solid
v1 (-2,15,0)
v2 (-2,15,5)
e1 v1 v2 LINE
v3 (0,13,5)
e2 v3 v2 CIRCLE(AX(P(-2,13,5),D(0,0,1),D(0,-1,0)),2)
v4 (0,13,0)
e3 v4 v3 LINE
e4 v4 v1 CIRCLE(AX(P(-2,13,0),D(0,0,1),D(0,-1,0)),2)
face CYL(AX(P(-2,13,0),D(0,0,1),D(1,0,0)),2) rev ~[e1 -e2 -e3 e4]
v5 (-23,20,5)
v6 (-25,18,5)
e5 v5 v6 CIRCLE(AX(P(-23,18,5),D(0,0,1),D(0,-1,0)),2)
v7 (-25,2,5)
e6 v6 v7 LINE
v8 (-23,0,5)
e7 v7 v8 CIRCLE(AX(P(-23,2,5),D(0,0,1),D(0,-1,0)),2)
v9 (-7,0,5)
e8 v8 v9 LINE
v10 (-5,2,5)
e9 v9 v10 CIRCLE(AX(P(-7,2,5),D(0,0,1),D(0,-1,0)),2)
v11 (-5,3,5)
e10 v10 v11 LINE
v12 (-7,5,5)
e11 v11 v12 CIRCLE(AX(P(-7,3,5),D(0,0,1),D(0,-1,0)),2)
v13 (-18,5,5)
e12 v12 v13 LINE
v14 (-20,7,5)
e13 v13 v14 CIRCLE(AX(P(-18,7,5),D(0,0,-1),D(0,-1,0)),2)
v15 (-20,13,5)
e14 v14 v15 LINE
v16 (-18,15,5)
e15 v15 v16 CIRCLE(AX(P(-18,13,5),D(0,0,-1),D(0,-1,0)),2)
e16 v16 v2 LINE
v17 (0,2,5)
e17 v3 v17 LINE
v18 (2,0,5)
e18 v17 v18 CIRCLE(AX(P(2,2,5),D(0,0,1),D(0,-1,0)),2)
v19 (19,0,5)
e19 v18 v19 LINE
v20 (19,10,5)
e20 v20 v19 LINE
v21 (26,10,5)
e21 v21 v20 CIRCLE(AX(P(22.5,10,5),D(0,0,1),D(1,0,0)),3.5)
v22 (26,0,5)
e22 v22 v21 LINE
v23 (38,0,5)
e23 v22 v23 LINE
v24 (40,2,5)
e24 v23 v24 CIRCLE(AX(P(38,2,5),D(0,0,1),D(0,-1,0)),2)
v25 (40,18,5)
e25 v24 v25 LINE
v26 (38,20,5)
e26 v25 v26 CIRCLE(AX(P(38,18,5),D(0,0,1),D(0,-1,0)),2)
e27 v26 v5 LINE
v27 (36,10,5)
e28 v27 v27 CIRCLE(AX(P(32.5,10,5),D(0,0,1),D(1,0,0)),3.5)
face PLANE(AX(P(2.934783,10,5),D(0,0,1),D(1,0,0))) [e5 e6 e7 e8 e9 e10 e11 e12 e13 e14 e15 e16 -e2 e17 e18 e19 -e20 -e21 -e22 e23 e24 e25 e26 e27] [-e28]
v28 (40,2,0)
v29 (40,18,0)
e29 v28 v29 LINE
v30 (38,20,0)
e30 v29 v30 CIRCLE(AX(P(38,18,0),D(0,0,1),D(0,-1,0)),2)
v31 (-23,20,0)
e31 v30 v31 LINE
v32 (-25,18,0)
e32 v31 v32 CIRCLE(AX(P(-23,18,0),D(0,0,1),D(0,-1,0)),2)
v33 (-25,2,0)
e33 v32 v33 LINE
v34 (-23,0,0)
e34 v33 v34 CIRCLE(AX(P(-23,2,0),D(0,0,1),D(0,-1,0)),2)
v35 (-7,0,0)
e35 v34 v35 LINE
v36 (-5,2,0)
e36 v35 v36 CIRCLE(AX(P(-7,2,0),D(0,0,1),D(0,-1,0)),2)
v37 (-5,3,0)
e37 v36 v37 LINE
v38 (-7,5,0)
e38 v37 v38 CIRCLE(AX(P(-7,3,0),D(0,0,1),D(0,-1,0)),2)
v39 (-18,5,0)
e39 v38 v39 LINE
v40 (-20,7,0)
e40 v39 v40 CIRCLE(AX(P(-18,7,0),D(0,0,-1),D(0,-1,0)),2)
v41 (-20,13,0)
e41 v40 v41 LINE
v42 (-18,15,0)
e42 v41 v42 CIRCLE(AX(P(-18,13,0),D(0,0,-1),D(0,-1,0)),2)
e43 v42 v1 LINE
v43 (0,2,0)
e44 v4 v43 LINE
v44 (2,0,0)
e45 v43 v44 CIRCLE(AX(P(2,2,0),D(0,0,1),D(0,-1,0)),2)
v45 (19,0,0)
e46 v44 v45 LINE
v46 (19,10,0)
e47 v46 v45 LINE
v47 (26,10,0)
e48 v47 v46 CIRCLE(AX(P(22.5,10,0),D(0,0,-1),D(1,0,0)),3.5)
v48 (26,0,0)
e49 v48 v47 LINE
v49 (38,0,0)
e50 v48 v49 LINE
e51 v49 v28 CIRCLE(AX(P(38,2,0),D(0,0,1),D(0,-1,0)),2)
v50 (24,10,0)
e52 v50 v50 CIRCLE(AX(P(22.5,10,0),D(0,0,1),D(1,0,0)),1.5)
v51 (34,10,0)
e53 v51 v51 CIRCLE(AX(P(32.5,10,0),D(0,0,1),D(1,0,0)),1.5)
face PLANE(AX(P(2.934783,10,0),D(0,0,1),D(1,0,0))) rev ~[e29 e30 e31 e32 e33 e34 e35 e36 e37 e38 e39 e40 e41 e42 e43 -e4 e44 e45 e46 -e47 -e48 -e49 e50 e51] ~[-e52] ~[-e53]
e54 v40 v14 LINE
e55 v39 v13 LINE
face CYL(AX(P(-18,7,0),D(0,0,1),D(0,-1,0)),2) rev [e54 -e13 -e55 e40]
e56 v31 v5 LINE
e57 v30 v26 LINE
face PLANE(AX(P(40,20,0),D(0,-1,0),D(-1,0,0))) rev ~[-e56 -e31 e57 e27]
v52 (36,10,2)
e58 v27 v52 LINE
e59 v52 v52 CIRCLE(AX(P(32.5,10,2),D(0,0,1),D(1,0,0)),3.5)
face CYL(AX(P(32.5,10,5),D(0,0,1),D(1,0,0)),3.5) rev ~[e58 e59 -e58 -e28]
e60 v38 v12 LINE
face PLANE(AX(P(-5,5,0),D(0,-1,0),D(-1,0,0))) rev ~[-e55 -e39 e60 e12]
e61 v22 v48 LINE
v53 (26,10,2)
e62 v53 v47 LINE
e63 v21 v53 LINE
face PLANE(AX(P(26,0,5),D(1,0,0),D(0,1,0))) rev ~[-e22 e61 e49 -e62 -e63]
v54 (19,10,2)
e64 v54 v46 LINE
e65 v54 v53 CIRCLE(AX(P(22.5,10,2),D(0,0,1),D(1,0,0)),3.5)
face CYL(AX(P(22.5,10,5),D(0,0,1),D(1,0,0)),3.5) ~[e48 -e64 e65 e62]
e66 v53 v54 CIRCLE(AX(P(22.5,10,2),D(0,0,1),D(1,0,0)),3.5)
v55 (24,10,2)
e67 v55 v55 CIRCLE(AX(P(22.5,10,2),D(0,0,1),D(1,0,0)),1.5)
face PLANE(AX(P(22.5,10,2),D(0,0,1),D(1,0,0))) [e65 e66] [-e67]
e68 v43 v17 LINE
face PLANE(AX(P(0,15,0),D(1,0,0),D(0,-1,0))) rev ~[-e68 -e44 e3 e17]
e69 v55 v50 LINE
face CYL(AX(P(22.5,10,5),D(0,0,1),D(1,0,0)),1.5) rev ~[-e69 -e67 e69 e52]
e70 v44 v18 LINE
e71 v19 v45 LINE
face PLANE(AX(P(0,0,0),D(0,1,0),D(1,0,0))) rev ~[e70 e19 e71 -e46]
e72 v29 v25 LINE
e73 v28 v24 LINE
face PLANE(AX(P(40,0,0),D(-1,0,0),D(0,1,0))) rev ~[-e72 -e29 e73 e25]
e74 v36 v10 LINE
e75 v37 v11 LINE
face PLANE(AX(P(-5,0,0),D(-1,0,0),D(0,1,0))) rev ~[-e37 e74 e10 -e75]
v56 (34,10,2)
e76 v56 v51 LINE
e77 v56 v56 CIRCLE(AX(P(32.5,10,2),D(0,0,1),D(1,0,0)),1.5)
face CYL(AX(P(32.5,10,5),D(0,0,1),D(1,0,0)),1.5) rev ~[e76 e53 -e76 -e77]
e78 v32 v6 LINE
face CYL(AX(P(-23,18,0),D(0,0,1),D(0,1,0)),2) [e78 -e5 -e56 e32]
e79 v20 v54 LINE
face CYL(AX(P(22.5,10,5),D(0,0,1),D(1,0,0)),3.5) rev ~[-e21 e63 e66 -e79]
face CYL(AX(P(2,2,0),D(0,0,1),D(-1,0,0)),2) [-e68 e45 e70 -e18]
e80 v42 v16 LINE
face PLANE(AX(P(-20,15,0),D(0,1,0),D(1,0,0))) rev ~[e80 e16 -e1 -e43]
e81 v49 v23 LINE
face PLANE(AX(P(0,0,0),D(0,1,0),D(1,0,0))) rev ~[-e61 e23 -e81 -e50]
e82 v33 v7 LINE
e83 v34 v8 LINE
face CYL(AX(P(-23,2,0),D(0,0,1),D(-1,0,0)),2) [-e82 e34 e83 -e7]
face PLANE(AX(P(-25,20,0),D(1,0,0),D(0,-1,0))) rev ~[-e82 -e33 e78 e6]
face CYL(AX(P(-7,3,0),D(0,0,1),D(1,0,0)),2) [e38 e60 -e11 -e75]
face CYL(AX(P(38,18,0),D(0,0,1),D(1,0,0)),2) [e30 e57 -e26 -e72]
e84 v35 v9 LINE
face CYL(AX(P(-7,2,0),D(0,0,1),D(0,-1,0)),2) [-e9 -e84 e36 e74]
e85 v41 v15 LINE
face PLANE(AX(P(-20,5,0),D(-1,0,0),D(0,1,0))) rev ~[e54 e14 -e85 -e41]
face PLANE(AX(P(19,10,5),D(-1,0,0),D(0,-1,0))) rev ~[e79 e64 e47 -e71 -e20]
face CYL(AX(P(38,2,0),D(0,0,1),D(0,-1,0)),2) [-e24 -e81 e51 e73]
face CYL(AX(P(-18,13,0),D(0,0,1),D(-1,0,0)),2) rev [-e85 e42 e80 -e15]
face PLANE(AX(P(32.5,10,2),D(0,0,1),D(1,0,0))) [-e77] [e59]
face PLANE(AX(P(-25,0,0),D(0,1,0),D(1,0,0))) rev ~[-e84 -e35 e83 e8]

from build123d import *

# Parameters (mm, degrees)
F1_DEPTH = 5
F2_R     = 2
F3_R     = 1.5
F4_DEPTH = 5.001
F3_R_2   = 3.5
F5_DEPTH = 3
F7_DEPTH = 5


with BuildPart() as f1:
    # F0 (on Top) → F1 (new body)
    with BuildSketch(Plane.XY):
        Polygon((0, 15), (0, 0), (40, 0), (40, 20), (0, 20), (-25, 20), (-25, 0), (-5, 0), (-5, 5), (-20, 5), (-20, 15), align=None)
    extrude(amount=F1_DEPTH)

    # F2
    f2_edges = [f1.edges().sort_by_distance(p)[0] for p in [
        (-25, 0, 2.5),
        (-25, 20, 2.5),
        (40, 0, 2.5),
        (40, 20, 2.5),
        (0, 0, 2.5),
        (0, 15, 2.5),
        (-5, 0, 2.5),
        (-20, 5, 2.5),
        (-5, 5, 2.5),
        (-20, 15, 2.5),
    ]]
    fillet(f2_edges, radius=F2_R)

    # F3 (on face) → F4 (cut, through all)
    with BuildSketch(Plane.XY.offset(5)):
        with Locations((32.5, 10)):
            Circle(F3_R)
        with Locations((22.5, 10)):
            Circle(F3_R)
    extrude(amount=-F4_DEPTH, mode=Mode.SUBTRACT)

    # F3 (on face) → F5 (cut)
    with BuildSketch(Plane.XY.offset(5)):
        with Locations((22.5, 10)):
            Circle(F3_R_2)
        with Locations((22.5, 10)):
            Circle(F3_R, mode=Mode.SUBTRACT)
        with Locations((32.5, 10)):
            Circle(F3_R_2)
        with Locations((32.5, 10)):
            Circle(F3_R, mode=Mode.SUBTRACT)
    extrude(amount=-F5_DEPTH, mode=Mode.SUBTRACT)

    # F6 (on face) → F7 (cut, through all)
    with BuildSketch(Plane.XY.offset(5)):
        with BuildLine():
            ThreePointArc((26, 10), (22.5, 6.5), (19, 10))
            Line((19, 10), (19, 0))
            Line((19, 0), (26, 0))
            Line((26, 0), (26, 10))
        make_face()
    extrude(amount=-F7_DEPTH, mode=Mode.SUBTRACT)


solid = f1.part
